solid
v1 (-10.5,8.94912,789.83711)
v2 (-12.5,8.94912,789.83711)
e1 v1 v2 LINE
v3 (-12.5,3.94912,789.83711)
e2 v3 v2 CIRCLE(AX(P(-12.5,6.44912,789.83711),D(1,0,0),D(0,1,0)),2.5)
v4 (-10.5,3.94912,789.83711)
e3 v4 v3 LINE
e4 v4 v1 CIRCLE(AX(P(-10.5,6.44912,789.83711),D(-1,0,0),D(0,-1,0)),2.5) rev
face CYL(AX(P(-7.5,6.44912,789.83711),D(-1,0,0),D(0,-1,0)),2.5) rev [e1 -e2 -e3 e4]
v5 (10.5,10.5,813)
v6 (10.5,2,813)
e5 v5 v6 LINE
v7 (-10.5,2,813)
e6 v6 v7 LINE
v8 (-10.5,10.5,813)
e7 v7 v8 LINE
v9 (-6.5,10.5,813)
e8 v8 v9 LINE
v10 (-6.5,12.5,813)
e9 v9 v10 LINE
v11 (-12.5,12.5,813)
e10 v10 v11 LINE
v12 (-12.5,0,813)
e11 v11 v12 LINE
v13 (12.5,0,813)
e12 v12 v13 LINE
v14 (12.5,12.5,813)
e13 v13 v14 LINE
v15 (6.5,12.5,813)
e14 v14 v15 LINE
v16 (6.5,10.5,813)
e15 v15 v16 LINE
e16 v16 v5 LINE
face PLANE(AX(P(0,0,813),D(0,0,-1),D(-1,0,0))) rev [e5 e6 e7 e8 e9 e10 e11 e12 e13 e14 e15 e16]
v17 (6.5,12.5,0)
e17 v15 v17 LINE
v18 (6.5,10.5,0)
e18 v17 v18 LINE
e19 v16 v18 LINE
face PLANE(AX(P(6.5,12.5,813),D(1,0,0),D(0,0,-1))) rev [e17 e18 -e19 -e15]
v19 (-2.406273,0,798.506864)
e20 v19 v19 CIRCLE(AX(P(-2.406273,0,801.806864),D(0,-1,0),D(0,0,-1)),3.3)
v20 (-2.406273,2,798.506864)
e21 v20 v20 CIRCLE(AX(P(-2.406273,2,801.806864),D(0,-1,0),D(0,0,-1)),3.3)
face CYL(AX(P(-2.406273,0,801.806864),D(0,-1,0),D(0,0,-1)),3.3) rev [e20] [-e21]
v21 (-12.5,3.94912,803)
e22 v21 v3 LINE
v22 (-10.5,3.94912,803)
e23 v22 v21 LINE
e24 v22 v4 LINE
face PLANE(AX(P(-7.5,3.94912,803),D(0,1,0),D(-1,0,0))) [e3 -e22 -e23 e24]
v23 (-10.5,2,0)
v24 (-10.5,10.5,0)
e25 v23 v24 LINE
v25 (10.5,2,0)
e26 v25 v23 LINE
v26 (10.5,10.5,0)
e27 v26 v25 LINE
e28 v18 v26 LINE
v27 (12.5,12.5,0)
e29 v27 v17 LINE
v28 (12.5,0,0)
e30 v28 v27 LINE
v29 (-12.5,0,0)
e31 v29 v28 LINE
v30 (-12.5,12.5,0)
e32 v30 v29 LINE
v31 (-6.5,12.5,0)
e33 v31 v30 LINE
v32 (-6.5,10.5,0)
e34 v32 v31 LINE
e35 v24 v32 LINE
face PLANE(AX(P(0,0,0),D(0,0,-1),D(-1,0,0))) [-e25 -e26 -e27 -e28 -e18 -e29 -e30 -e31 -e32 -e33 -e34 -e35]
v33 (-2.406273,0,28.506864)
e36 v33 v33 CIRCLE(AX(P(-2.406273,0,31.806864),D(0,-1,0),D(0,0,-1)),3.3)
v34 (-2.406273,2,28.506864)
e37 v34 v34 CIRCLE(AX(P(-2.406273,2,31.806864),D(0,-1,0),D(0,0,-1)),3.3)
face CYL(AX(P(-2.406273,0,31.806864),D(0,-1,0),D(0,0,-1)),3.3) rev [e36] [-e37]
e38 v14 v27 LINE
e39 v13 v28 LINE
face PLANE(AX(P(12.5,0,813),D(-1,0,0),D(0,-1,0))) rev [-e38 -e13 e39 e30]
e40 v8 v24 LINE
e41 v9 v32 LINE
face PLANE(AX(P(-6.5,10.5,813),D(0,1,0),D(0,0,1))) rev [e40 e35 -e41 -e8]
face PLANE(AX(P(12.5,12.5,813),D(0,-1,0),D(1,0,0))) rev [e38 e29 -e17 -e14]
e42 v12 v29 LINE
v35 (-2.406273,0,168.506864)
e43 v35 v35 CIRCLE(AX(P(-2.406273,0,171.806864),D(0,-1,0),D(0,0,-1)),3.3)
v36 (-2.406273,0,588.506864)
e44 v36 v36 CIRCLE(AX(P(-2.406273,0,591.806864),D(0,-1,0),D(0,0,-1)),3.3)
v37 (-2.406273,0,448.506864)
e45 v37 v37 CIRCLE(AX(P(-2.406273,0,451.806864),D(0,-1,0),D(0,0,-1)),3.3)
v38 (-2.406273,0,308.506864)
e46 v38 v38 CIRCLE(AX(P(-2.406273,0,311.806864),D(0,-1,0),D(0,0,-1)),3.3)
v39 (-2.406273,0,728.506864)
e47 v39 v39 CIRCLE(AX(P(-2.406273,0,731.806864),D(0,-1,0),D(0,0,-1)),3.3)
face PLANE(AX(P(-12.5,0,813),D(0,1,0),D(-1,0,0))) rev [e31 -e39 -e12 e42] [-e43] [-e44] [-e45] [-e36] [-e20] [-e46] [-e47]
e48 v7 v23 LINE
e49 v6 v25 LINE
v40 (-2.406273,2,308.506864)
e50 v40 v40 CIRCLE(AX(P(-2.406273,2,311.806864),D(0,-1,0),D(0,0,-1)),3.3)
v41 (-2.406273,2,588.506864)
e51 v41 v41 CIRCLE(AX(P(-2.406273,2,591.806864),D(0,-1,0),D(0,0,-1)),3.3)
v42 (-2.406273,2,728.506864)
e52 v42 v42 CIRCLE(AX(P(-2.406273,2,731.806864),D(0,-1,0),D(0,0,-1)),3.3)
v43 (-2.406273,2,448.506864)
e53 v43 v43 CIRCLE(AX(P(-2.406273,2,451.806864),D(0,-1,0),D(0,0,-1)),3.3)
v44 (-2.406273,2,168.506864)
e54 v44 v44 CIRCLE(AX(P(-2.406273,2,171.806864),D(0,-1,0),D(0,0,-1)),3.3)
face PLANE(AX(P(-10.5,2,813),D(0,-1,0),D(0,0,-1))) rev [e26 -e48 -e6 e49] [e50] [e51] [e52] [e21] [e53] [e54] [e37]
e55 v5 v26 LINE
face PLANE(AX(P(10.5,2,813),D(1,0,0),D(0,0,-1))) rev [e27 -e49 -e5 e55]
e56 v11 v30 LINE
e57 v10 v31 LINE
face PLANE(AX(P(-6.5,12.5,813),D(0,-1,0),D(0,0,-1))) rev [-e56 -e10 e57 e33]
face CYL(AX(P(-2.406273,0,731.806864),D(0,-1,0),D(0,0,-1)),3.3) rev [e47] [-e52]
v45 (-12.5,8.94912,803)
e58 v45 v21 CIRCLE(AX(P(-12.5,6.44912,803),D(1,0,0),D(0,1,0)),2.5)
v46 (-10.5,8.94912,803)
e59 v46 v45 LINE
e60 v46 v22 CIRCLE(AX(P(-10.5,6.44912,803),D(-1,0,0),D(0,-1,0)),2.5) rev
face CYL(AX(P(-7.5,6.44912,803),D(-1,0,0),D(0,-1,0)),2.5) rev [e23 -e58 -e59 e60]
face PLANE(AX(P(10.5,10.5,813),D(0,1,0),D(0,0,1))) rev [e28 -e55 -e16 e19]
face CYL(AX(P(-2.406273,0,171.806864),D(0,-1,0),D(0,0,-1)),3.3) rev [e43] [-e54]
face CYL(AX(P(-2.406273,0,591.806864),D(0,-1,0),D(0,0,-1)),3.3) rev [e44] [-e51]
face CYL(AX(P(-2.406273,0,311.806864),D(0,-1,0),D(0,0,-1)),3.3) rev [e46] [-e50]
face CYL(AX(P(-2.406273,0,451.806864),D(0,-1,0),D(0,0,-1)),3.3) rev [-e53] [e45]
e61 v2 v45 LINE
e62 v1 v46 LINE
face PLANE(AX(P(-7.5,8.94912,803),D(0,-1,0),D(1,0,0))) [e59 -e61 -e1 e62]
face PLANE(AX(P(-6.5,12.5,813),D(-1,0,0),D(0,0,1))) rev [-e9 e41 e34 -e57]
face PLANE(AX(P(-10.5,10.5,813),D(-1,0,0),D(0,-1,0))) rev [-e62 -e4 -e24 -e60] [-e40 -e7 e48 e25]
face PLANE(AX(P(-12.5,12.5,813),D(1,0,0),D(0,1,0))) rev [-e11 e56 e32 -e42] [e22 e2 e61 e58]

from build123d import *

# Parameters (mm, degrees)
BOSS_EXTRU_1_DEPTH         = 813
D_GAGEMENT_M61_D           = 6.6
R_P_TITION_LIN_AIRE1_COUNT = 12
R_P_TITION_LIN_AIRE1_PITCH = 70
CUT_EXTRUDE1_DEPTH         = 5


with BuildPart() as part:
    # Esquisse1 → Boss.-Extru.1 (new body)
    with BuildSketch(Plane.XY):
        Polygon((-6.5, 12.5), (-12.5, 12.5), (-12.5, 0), (12.5, 0), (12.5, 12.5), (6.5, 12.5), (6.5, 10.5), (10.5, 10.5), (10.5, 2), (-10.5, 2), (-10.5, 10.5), (-6.5, 10.5), align=None)
    extrude(amount=BOSS_EXTRU_1_DEPTH)

    # Dégagement M61 (through all)
    with Locations(Plane(origin=(0, 0, 0), x_dir=(-1, 0, 0), z_dir=(0, -1, 0))):
        with Locations((2.40627347, -801.806864395)):
            d_gagement_m61 = Hole(D_GAGEMENT_M61_D / 2)

    # Répétition linéaire1: Dégagement M61 ×12, 5 skipped
    with Locations(*[(0, 0, -i * R_P_TITION_LIN_AIRE1_PITCH) for i in range(1, R_P_TITION_LIN_AIRE1_COUNT) if i not in (2, 4, 6, 8, 10)]):
        add(d_gagement_m61, mode=Mode.SUBTRACT)

    # Sketch1 → Cut-Extrude1 (cut)
    with BuildSketch(Plane(origin=(-12.5, 0, 0), x_dir=(0, 0, -1), z_dir=(1, 0, 0))):
        with BuildLine():
            Line((-803, 8.949119862), (-789.837109693, 8.949119862))
            ThreePointArc((-789.837109693, 8.949119862), (-787.337109693, 6.449119862), (-789.837109693, 3.949119862))
            Line((-789.837109693, 3.949119862), (-803, 3.949119862))
            ThreePointArc((-803, 3.949119862), (-805.5, 6.449119862), (-803, 8.949119862))
        make_face()
    extrude(amount=CUT_EXTRUDE1_DEPTH, mode=Mode.SUBTRACT)


solid = part.part
